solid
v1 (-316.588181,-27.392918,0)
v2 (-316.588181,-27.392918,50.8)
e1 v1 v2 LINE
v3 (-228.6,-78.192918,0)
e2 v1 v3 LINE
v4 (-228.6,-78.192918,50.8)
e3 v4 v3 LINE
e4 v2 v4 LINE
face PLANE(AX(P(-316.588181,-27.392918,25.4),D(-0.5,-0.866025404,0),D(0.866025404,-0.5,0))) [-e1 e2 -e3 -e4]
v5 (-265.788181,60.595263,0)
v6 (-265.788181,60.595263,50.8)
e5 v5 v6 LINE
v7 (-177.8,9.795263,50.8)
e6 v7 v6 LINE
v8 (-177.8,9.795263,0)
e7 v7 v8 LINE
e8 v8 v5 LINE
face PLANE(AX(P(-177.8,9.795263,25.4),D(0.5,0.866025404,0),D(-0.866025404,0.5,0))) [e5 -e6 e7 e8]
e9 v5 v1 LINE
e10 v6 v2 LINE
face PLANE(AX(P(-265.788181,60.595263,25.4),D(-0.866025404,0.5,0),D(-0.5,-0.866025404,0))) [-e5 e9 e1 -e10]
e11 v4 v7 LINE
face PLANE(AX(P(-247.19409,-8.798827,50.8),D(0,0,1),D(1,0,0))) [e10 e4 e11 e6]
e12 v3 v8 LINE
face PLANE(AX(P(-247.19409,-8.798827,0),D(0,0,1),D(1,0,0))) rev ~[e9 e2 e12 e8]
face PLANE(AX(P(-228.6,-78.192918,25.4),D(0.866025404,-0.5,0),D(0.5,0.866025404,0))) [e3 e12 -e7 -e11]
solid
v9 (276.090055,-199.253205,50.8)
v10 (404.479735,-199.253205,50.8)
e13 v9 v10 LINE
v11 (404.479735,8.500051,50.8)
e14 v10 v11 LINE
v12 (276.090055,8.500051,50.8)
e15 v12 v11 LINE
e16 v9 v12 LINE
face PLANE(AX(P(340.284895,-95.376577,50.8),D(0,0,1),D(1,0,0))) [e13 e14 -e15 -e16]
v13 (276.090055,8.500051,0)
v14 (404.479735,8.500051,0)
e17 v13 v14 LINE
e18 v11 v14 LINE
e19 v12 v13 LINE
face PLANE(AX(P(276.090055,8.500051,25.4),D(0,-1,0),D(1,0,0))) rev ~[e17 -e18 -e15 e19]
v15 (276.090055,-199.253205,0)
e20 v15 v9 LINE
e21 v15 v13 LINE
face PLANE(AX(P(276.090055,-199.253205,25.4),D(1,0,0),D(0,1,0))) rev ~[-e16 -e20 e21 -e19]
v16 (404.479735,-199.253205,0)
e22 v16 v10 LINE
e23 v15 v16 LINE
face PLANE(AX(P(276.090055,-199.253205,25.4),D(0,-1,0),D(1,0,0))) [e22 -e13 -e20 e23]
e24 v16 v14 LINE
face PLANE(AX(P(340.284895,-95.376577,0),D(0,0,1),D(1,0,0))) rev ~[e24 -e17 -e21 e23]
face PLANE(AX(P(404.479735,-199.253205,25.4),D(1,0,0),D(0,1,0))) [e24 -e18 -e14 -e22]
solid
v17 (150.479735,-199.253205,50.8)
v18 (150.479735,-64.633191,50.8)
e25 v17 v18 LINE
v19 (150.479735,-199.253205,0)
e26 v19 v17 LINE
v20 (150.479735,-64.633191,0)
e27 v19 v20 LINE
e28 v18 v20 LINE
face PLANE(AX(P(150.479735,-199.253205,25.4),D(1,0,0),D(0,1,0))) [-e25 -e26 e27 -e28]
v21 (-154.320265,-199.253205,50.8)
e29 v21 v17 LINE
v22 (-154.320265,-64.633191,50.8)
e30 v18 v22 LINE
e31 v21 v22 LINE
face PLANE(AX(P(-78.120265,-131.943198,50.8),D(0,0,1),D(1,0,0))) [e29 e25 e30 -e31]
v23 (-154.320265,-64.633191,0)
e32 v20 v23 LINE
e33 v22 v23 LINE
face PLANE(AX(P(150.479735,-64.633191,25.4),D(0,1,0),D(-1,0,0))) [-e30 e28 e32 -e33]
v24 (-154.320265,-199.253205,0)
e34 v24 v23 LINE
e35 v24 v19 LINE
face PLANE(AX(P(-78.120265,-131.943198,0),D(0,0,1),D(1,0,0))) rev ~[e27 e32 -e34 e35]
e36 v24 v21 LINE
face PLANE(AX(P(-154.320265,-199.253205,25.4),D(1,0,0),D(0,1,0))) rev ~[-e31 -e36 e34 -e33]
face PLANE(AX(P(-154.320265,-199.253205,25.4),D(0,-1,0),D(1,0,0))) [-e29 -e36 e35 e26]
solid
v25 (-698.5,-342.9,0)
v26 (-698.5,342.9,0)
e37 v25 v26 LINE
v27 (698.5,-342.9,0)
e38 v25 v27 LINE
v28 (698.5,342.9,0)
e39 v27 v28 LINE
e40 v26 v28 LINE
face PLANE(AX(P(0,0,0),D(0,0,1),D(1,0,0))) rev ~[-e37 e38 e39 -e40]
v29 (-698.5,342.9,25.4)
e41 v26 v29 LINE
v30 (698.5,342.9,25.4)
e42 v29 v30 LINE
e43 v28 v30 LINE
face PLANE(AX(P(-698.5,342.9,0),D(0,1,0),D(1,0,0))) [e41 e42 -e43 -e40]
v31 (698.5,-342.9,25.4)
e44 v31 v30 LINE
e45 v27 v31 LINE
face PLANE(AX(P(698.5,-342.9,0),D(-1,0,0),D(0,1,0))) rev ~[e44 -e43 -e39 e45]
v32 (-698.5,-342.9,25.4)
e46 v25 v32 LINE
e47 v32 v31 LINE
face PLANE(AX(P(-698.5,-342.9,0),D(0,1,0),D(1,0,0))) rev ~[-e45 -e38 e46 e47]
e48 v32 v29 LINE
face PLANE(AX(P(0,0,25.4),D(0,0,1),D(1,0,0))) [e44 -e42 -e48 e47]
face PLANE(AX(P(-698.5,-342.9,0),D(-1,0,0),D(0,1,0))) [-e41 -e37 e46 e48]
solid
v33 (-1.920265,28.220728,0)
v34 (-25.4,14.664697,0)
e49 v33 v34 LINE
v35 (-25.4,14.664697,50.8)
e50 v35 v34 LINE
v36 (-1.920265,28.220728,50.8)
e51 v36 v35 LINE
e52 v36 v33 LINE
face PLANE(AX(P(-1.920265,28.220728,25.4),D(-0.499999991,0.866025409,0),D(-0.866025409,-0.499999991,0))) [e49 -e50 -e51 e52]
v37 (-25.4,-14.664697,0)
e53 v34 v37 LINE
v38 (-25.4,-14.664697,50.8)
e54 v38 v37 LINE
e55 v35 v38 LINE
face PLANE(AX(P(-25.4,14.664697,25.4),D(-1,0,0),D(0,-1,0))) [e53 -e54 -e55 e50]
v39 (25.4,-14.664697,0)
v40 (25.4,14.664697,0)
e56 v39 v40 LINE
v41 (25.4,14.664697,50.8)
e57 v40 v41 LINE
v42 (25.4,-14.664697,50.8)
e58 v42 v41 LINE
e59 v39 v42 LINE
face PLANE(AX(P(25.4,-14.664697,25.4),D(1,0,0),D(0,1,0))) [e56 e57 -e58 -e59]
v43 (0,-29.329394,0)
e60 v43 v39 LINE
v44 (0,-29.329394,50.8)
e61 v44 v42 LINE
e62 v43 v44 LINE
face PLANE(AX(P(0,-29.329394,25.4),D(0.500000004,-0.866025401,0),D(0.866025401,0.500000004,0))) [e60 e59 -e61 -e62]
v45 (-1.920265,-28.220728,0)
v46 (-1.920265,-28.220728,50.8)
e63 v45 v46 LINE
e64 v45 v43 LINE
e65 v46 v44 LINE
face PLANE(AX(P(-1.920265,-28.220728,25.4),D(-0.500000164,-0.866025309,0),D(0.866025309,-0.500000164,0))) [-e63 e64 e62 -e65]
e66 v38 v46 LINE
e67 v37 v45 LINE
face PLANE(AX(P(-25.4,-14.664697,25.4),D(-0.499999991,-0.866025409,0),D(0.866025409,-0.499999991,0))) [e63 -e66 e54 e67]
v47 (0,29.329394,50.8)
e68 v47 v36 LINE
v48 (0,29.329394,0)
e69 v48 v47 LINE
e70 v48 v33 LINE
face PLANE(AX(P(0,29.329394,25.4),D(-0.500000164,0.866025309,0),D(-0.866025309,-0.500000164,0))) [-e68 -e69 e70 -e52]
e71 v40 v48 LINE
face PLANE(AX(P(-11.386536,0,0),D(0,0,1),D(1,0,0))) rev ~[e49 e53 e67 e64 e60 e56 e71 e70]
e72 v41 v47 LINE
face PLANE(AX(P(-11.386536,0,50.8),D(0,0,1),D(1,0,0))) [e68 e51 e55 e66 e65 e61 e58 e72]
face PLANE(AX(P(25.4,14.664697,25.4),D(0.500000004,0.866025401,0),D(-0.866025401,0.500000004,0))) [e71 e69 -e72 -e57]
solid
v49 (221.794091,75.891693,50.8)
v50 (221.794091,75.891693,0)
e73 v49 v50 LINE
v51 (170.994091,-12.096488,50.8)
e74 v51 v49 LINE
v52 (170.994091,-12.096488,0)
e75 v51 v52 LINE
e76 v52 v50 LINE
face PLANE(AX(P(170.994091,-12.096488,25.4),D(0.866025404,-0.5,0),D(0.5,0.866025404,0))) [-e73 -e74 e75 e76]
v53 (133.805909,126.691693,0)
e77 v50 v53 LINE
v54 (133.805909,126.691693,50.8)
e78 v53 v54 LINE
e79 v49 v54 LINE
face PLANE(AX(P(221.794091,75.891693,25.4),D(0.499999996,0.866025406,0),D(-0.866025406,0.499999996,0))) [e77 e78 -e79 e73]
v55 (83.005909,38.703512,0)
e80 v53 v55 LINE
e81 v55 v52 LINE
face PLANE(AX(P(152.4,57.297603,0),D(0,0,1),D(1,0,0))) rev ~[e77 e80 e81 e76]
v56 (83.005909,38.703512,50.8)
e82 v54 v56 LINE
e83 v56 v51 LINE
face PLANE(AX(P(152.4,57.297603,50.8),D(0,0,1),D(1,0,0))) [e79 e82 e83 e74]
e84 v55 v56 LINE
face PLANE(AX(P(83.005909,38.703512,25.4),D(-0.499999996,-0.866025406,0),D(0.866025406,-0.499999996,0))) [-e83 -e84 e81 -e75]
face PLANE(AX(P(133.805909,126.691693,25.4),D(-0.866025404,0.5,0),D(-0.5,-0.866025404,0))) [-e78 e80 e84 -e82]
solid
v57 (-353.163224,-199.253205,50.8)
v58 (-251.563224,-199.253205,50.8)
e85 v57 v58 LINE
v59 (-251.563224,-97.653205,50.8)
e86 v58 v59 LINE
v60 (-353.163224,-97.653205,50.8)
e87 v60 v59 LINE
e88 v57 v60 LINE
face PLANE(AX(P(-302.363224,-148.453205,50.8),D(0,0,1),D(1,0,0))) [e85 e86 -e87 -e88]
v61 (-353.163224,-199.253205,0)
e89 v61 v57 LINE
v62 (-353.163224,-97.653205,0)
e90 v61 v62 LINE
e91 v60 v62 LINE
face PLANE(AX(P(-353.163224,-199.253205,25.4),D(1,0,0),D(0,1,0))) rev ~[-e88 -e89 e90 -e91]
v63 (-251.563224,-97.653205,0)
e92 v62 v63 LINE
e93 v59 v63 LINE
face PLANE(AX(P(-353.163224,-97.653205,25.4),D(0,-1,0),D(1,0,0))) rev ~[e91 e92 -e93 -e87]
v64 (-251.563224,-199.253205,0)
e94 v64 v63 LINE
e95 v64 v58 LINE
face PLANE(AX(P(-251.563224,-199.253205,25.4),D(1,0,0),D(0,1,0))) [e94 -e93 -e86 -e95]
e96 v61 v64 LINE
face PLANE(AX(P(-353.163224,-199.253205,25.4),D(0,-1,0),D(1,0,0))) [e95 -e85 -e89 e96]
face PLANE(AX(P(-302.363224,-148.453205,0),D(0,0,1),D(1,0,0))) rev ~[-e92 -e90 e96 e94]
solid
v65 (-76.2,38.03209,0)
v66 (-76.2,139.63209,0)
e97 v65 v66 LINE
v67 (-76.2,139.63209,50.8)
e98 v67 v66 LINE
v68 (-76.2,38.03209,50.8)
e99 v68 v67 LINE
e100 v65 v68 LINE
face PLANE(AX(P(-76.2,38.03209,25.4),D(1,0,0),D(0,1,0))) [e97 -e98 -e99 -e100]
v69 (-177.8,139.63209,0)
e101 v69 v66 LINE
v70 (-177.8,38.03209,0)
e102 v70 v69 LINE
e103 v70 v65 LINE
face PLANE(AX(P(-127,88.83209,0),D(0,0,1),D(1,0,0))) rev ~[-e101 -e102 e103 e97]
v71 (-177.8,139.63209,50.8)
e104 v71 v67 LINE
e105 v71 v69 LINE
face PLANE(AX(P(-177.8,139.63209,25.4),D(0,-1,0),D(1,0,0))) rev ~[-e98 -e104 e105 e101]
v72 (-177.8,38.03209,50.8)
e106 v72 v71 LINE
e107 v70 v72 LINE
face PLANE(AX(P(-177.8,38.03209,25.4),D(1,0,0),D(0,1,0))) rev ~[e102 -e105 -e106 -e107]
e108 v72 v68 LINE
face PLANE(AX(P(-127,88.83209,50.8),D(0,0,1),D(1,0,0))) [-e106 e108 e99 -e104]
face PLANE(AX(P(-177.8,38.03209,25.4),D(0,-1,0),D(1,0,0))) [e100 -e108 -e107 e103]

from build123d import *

# Parameters (mm, degrees)
F0_W          = 1397
F0_H          = 685.8
F1_DEPTH      = 25.4
F2_W          = 152.4
F2_H          = 134.620013
F2_W_2        = 101.6
F2_H_2        = 101.6
F2_W_3        = 128.38968
F2_H_3        = 207.753256
F3_DEPTH      = 25.4
F3_DEPTH_BACK = 25.4


with BuildPart() as f1:
    # F0 (on Top) → F1 (new body)
    with BuildSketch(Plane.XY):
        Rectangle(F0_W, F0_H)
    extrude(amount=F1_DEPTH)


with BuildPart() as f3:
    # F2 (on face) → F3 (new body, two sides)
    with BuildSketch(Plane.XY.offset(25.4)) as f3_sk:
        Polygon((-25.4, -14.664697), (-1.920265, -28.220728), (-1.920265, 28.220728), (-25.4, 14.664697), align=None)
        Polygon((-1.920265, 28.220728), (-1.920265, -28.220728), (0, -29.329394), (25.4, -14.664697), (25.4, 14.664697), (0, 29.329394), align=None)
        with Locations((-78.120265, -131.943198)):
            Rectangle(F2_W, F2_H)
        with Locations((74.279735, -131.943198)):
            Rectangle(F2_W, F2_H)
        with Locations((-302.363224, -148.453205)):
            Rectangle(F2_W_2, F2_H_2)
        with Locations((340.284895, -95.376577)):
            Rectangle(F2_W_3, F2_H_3)
        Polygon((-177.8, 9.795263), (-265.788181, 60.595263), (-316.588181, -27.392918), (-228.6, -78.192918), align=None)
        with Locations((-127, 88.83209)):
            Rectangle(F2_W_2, F2_H_2)
        Polygon((221.794091, 75.891693), (133.805909, 126.691693), (83.005909, 38.703512), (170.994091, -12.096488), align=None)
    extrude(amount=F3_DEPTH)
    extrude(f3_sk.sketch, amount=-F3_DEPTH_BACK)


solid = Compound([f1.part, f3.part])
